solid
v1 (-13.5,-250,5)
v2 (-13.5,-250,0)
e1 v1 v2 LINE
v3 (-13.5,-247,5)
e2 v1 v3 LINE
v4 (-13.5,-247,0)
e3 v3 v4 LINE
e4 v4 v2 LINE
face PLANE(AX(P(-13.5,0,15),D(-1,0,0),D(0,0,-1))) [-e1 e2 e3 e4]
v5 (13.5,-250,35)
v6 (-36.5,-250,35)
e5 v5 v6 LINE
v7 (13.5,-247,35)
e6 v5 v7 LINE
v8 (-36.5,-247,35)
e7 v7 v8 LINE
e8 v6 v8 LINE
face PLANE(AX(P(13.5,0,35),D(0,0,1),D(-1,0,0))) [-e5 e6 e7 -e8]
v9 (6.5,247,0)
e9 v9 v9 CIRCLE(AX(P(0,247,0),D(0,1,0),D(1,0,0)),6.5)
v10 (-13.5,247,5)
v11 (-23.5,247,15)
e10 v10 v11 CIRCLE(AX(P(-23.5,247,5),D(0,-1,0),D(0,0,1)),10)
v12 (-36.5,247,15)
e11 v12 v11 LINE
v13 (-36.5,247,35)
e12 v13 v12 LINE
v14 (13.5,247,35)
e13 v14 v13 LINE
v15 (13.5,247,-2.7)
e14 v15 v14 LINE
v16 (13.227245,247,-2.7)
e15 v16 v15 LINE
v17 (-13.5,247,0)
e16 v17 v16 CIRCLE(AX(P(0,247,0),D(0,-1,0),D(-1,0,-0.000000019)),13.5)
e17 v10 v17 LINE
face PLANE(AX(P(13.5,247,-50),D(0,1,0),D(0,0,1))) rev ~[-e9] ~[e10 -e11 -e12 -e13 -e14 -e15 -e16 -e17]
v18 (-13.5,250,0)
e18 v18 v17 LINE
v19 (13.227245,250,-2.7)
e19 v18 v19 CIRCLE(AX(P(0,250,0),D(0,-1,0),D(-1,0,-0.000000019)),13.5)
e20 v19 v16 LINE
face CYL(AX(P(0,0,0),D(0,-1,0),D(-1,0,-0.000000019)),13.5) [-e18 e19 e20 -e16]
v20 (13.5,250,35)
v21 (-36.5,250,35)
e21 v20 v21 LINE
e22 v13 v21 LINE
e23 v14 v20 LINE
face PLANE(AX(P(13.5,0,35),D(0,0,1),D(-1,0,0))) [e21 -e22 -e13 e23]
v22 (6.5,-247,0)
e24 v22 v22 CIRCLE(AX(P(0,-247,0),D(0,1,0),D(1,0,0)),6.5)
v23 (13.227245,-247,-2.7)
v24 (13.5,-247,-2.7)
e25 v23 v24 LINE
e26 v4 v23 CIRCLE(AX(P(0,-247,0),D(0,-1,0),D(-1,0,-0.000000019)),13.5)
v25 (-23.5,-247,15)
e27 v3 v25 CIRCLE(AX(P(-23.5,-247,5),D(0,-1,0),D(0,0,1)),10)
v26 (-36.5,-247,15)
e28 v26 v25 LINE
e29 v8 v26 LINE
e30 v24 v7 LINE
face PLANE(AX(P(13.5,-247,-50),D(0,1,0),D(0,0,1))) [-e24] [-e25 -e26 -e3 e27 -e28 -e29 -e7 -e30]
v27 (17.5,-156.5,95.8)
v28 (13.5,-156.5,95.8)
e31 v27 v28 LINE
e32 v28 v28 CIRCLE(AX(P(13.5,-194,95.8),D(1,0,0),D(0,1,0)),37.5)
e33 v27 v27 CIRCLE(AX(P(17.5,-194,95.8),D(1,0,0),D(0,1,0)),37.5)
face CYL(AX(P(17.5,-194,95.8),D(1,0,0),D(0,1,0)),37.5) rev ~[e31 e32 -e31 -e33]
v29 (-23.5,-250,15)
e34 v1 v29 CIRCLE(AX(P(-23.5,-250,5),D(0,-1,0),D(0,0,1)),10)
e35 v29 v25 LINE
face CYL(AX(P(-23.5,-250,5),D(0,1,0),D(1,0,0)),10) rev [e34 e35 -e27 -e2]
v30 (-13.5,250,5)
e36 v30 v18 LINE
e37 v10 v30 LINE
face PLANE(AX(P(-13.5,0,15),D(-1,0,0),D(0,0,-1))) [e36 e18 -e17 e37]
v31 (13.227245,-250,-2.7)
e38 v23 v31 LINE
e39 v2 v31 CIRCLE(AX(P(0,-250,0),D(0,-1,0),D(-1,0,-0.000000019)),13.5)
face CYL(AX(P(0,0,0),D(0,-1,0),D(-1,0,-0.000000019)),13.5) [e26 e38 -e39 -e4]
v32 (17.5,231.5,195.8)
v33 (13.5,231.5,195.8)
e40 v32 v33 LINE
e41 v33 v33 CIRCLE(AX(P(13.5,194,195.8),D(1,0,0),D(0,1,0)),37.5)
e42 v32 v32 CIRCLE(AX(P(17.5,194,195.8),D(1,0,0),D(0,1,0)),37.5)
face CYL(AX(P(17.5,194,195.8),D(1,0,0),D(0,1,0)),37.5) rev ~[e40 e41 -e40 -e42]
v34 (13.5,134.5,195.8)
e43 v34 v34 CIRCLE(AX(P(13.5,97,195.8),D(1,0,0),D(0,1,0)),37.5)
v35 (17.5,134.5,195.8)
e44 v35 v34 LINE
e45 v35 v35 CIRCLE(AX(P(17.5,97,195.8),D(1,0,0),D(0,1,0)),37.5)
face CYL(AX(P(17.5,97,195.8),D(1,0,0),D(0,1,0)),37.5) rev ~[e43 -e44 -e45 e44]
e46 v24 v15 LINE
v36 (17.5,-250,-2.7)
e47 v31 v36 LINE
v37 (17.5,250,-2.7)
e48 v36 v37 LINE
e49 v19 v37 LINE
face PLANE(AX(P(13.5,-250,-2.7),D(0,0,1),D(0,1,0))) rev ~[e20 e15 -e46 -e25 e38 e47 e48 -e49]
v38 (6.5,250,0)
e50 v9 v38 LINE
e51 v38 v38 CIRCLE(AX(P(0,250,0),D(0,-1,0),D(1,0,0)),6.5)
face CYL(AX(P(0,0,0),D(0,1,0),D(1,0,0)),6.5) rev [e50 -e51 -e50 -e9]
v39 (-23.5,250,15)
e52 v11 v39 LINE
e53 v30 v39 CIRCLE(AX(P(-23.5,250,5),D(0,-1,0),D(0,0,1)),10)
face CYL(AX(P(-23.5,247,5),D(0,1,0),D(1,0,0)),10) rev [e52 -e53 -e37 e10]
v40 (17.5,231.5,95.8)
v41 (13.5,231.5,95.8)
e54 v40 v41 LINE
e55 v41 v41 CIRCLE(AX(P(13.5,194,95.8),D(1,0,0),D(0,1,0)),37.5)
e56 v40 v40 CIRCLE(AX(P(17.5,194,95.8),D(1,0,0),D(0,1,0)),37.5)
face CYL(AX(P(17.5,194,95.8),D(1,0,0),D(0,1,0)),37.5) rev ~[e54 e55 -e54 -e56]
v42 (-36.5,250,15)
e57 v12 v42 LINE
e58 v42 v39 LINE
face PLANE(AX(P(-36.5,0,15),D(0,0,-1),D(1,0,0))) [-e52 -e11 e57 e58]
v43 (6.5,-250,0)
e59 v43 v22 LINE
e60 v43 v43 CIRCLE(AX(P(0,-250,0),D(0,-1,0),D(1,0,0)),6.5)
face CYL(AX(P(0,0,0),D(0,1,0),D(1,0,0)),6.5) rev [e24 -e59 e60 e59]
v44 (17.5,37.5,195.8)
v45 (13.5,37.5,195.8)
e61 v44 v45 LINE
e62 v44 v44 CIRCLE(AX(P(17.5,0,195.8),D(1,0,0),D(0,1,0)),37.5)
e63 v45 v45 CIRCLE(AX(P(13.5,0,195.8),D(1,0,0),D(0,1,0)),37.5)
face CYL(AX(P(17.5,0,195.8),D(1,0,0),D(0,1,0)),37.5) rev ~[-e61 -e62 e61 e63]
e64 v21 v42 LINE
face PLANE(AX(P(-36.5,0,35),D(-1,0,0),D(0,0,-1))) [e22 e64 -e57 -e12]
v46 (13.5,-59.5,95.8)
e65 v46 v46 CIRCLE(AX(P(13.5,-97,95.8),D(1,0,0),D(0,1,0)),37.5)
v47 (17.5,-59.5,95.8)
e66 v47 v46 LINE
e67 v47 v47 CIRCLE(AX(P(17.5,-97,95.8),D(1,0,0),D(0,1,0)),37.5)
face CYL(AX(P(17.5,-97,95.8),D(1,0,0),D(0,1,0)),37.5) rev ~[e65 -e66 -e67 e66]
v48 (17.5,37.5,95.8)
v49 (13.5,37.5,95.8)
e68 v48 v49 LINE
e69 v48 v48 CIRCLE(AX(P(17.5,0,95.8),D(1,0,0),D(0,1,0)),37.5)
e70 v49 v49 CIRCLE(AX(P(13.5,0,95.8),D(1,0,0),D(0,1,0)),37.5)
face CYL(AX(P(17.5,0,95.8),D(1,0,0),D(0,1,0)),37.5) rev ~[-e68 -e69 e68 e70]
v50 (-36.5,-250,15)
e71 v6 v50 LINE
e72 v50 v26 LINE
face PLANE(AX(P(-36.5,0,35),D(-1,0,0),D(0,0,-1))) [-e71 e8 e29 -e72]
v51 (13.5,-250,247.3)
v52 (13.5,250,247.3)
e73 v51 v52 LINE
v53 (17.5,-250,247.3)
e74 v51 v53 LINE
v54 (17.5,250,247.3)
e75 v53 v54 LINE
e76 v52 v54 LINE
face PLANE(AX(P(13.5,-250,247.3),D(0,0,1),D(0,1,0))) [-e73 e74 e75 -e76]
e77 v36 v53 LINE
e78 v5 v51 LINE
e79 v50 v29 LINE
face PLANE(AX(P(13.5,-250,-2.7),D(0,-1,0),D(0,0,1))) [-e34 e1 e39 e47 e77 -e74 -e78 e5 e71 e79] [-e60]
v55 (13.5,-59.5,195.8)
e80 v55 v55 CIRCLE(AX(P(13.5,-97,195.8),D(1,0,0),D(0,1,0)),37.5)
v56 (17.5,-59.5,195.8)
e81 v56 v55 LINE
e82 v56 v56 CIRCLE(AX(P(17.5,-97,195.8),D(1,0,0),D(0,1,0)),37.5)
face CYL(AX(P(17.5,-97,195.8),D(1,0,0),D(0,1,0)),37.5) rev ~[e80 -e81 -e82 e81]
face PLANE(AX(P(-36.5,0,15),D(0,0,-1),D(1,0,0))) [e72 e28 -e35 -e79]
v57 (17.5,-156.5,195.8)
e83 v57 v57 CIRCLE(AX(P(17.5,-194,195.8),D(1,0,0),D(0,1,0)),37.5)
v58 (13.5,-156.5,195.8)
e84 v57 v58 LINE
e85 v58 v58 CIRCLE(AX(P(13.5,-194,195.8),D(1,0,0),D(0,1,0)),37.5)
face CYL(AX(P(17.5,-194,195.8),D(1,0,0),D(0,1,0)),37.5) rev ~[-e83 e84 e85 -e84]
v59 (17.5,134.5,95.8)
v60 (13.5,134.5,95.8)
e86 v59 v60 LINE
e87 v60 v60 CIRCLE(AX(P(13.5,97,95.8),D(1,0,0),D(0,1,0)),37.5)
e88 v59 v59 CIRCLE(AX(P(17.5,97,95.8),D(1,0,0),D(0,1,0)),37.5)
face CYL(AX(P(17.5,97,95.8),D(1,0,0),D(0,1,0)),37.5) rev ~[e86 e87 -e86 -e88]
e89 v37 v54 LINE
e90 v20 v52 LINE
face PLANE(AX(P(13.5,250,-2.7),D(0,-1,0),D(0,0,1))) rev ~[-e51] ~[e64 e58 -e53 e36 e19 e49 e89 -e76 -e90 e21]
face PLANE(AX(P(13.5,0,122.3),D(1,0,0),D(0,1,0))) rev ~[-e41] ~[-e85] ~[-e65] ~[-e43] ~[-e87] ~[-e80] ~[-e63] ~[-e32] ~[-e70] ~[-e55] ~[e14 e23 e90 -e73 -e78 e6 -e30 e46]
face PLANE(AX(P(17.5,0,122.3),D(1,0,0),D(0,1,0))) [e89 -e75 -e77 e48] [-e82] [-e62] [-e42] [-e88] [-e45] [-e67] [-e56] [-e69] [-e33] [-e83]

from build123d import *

# Parameters (mm, degrees)
F0_R     = 6.5
F1_DEPTH = 250
F2_W     = 494
F2_H     = 100
F3_DEPTH = 100
F4_R     = 10
F5_W     = 500
F5_H     = 250
F6_DEPTH = 4
F7_R     = 37.5
F8_DEPTH = 25


with BuildPart() as f1:
    # F0 (on Front) → F1 (new body, symmetric)
    with BuildSketch(Plane.XZ):
        with BuildLine():
            Line((-13.5, 15), (-13.5, 0))
            ThreePointArc((-13.5, 0), (-1.356871, -13.431638), (13.227245, -2.7))
            Line((13.227245, -2.7), (13.5, -2.7))
            Line((13.5, -2.7), (13.5, 15))
            Line((13.5, 15), (13.5, 35))
            Line((13.5, 35), (-36.5, 35))
            Line((-36.5, 35), (-36.5, 15))
            Line((-36.5, 15), (-13.5, 15))
        make_face()
        Circle(F0_R, mode=Mode.SUBTRACT)
    extrude(amount=F1_DEPTH, both=True)

    # F2 (on face) → F3 (cut)
    with BuildSketch(Plane.YZ.offset(13.5)):
        Rectangle(F2_W, F2_H)
    extrude(amount=-F3_DEPTH, mode=Mode.SUBTRACT)

    # F4
    f4_edges = [f1.edges().sort_by_distance(p)[0] for p in [
        (-13.5, 248.5, 15),
        (-13.5, -248.5, 15),
    ]]
    fillet(f4_edges, radius=F4_R)

    # F5 (on face) → F6 (join)
    with BuildSketch(Plane.YZ.offset(13.5)):
        with Locations((0, 122.3)):
            Rectangle(F5_W, F5_H)
    extrude(amount=F6_DEPTH)

    # F7 (on face) → F8 (cut)
    with BuildSketch(Plane.YZ.offset(17.5)):
        with Locations((-194, 95.8)):
            Circle(F7_R)
        with Locations((-194, 195.8)):
            Circle(F7_R)
        with Locations((-97, 95.8)):
            Circle(F7_R)
        with Locations((-97, 195.8)):
            Circle(F7_R)
        with Locations((0, 95.8)):
            Circle(F7_R)
        with Locations((0, 195.8)):
            Circle(F7_R)
        with Locations((97, 95.8)):
            Circle(F7_R)
        with Locations((97, 195.8)):
            Circle(F7_R)
        with Locations((194, 95.8)):
            Circle(F7_R)
        with Locations((194, 195.8)):
            Circle(F7_R)
    extrude(amount=-F8_DEPTH, mode=Mode.SUBTRACT)


solid = f1.part
